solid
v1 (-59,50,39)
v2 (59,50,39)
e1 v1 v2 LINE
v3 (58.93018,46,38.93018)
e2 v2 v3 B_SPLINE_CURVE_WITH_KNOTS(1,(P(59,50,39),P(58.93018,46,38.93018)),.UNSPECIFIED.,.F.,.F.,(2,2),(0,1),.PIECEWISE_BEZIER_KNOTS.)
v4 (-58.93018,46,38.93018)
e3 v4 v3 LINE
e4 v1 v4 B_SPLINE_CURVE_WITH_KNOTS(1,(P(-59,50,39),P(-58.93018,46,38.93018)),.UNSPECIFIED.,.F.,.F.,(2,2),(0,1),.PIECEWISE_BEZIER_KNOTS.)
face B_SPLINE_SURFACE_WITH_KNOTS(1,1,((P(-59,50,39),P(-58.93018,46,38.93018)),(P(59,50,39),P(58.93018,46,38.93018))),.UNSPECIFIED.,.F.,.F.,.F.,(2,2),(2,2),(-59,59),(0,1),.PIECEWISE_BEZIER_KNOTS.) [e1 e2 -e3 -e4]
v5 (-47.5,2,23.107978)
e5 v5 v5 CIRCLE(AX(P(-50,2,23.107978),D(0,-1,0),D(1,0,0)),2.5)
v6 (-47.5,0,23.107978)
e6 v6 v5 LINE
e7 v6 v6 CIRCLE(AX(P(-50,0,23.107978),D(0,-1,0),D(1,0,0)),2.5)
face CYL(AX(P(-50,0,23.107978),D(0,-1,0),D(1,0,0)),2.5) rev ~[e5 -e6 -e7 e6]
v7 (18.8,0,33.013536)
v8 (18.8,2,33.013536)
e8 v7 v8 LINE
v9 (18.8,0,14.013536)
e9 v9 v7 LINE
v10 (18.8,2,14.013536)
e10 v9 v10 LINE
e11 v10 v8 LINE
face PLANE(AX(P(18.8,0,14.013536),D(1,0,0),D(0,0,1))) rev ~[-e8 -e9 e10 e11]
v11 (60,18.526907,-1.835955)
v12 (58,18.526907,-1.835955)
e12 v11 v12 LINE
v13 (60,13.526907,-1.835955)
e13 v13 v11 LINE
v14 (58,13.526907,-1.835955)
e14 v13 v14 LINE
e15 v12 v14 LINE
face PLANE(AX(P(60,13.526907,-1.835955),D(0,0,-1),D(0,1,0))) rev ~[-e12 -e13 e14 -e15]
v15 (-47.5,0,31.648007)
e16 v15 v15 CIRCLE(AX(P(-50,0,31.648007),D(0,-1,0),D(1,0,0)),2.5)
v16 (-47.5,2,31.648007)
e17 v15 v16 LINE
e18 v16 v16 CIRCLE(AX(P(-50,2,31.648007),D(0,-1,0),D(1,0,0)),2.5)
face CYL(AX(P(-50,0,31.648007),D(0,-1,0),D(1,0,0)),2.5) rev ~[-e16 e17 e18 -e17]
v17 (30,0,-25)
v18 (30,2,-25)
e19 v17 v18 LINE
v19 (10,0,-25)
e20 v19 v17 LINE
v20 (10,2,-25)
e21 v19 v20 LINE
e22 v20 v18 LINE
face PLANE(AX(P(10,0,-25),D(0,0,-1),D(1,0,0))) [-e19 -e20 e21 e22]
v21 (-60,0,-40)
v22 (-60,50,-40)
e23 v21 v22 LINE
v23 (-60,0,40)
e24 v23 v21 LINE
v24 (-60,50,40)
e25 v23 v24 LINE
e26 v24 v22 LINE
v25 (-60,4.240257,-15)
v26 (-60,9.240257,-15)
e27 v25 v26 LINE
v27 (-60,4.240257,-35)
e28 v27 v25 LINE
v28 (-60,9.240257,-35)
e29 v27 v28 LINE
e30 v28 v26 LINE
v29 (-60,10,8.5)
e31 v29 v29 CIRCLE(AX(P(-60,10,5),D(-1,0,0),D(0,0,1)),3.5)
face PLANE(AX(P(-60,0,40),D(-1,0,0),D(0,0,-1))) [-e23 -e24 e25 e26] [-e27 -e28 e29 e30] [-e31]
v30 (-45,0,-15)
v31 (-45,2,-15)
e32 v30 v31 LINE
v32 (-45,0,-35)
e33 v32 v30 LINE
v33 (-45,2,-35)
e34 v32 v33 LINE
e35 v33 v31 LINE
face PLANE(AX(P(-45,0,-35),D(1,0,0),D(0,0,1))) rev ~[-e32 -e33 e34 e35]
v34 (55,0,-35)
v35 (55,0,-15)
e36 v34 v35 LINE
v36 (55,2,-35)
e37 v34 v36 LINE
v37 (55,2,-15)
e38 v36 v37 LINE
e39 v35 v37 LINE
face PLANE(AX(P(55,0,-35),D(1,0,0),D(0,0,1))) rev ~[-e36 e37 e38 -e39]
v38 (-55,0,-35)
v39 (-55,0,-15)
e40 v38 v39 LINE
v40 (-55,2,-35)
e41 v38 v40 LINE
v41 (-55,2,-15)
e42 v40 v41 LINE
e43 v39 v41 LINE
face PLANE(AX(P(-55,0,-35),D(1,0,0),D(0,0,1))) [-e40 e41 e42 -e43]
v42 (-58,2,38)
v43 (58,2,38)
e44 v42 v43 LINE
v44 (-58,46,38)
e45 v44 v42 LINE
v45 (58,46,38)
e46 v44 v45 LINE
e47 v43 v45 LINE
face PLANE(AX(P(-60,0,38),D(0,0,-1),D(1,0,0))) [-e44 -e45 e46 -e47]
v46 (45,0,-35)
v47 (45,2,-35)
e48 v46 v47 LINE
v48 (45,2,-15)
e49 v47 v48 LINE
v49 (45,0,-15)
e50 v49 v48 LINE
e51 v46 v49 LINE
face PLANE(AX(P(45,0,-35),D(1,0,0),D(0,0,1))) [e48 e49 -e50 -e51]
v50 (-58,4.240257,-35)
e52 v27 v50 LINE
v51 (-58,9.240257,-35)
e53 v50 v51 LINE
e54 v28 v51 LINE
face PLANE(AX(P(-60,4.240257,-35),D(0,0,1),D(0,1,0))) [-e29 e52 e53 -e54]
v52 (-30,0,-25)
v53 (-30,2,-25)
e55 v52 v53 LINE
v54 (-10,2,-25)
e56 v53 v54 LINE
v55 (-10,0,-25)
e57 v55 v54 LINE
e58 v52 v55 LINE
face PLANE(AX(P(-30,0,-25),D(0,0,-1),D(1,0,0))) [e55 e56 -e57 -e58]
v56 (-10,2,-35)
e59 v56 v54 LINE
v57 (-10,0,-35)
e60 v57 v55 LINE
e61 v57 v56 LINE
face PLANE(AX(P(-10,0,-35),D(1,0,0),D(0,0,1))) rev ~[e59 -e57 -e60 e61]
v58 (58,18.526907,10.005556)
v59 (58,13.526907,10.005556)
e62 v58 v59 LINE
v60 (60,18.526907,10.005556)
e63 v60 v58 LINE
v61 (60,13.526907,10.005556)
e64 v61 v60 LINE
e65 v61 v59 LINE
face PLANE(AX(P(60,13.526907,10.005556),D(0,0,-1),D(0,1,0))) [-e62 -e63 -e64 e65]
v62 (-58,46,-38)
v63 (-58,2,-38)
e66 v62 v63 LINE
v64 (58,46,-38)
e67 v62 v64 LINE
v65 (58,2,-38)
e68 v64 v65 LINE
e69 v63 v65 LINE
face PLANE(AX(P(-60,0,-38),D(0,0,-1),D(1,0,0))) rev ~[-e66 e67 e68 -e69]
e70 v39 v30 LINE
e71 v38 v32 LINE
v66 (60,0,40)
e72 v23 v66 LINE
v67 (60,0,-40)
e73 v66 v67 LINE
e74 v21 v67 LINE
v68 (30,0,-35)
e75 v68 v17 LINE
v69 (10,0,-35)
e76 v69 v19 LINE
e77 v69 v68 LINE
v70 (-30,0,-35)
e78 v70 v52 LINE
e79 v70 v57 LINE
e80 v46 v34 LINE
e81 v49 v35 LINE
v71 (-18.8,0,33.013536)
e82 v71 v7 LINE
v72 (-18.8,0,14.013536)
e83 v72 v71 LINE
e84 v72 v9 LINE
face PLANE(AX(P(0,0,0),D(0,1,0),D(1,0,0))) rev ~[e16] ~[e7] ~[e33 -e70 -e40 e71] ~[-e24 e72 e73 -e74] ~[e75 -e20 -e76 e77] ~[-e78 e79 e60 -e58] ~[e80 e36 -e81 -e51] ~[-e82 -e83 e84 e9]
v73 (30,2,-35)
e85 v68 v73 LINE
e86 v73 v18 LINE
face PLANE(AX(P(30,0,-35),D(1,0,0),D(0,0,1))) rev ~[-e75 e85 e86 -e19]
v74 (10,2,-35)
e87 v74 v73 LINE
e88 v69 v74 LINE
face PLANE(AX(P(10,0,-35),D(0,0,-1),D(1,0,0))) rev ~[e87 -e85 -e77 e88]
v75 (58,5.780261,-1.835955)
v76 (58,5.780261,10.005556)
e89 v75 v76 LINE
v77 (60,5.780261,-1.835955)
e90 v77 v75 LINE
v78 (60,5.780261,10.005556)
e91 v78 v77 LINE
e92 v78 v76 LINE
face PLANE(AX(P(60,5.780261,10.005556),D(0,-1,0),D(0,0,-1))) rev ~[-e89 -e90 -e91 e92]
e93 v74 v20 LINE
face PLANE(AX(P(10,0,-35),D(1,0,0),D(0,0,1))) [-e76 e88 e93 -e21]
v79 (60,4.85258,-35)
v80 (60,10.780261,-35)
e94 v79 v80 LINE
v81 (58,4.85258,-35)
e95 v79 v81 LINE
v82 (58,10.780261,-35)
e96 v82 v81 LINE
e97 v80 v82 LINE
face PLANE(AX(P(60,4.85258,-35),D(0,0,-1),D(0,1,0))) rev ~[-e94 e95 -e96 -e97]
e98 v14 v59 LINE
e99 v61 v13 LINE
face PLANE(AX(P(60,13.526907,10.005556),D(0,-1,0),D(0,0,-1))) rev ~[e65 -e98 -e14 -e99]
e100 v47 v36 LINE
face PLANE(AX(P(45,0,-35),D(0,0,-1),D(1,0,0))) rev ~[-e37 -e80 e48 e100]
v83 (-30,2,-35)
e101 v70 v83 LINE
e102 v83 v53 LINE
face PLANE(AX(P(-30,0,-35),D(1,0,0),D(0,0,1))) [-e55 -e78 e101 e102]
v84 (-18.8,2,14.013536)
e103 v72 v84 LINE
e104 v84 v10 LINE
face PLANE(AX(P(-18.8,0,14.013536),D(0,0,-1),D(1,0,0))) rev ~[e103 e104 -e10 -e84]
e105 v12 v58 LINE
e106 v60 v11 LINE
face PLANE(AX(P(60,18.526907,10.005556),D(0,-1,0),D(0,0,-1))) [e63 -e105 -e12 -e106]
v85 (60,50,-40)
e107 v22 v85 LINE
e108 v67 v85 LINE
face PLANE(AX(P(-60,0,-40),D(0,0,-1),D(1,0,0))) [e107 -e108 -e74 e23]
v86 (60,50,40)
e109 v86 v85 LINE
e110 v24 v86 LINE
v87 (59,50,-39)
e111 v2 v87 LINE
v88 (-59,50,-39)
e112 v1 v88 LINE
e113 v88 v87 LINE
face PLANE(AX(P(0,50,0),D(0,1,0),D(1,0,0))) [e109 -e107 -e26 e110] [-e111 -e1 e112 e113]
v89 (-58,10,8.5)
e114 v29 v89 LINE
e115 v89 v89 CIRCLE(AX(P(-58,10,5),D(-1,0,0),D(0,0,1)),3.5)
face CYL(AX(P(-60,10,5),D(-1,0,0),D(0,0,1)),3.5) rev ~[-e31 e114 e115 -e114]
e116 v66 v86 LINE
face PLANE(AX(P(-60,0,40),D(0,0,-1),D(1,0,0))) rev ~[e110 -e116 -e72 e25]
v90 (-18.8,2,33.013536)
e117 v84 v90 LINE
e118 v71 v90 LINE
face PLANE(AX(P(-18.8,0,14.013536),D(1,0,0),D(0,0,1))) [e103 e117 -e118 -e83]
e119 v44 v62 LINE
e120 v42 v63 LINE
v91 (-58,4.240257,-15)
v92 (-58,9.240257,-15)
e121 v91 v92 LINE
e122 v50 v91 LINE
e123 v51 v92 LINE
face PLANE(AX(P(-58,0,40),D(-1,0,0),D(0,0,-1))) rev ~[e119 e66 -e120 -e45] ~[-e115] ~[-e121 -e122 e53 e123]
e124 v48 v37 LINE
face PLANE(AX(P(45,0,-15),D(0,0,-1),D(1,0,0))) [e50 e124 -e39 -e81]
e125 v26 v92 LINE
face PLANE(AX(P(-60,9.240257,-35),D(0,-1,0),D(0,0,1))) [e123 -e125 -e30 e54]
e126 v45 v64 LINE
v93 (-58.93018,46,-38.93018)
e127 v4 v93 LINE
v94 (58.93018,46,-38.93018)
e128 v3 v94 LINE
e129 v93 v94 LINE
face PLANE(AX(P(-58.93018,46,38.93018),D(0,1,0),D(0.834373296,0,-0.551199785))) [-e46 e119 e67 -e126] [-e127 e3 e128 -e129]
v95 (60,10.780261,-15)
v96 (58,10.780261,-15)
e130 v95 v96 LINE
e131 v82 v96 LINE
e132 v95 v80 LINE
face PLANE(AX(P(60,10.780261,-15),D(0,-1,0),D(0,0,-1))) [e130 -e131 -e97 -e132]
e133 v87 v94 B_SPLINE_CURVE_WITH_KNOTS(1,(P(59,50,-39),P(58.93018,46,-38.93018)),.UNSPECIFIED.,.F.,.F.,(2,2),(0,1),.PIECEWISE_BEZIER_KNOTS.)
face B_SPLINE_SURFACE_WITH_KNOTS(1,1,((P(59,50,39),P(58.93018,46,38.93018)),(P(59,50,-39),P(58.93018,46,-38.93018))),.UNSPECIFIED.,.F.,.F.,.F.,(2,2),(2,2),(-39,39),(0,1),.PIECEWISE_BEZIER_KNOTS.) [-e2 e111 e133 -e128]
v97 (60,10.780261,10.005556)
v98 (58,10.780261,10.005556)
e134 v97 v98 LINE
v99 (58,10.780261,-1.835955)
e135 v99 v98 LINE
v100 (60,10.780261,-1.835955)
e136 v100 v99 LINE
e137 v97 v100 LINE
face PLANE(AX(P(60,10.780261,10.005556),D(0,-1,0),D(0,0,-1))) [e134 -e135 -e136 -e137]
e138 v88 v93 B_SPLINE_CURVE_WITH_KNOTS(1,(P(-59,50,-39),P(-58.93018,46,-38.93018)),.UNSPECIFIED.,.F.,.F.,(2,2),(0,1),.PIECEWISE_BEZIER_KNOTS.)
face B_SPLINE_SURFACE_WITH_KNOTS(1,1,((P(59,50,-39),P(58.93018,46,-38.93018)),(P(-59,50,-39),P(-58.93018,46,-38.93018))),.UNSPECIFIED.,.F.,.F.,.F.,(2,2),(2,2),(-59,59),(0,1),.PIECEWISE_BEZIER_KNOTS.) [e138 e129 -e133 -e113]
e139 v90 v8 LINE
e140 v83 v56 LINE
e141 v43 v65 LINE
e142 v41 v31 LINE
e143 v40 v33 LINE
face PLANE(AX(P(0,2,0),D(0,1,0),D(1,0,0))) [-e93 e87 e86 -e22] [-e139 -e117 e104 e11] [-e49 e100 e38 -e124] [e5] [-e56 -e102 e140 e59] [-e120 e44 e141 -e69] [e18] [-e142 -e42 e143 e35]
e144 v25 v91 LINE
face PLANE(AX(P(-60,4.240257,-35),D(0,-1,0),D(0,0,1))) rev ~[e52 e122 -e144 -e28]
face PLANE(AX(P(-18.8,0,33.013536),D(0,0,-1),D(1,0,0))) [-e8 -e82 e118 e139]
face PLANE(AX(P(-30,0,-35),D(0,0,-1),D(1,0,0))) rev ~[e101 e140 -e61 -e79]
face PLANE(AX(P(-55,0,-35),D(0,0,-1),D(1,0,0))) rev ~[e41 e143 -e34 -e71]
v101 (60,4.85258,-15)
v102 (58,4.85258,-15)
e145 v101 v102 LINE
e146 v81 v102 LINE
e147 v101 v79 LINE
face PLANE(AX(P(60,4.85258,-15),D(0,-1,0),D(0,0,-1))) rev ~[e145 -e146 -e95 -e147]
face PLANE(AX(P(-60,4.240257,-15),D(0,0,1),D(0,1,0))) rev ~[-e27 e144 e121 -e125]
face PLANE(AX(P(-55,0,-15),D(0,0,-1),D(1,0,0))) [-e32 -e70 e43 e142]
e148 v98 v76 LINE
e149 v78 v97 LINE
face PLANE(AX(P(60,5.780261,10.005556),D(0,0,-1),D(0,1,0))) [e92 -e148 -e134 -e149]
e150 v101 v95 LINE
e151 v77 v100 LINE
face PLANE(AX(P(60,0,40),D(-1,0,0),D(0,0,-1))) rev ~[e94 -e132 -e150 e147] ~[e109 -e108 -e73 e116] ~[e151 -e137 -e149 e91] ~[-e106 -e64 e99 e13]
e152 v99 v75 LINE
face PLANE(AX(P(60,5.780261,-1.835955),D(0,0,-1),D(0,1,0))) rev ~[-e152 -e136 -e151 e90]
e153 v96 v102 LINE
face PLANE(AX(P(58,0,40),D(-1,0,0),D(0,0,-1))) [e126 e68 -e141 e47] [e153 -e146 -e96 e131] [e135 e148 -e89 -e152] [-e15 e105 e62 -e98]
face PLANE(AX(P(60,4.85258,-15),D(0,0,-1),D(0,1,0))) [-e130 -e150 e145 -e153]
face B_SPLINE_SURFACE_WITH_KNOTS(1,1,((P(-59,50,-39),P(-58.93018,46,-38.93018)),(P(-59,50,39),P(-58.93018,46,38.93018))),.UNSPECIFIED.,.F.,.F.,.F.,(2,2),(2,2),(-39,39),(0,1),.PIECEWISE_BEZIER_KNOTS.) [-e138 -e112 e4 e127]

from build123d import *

# Parameters (mm, degrees)
SKETCH1_W           = 120
SKETCH1_H           = 80
BOSS_EXTRUDE1_DEPTH = 50
SHELL1_T            = -2
SKETCH3_R           = 2.5
SKETCH3_W           = 37.6
SKETCH3_H           = 19
SKETCH3_W_2         = 10
SKETCH3_H_2         = 20
SKETCH3_W_3         = 20
SKETCH3_H_3         = 10
CUT_EXTRUDE1_DEPTH  = 2
SKETCH4_R           = 3.5
SKETCH4_W           = 20
SKETCH4_H           = 5
CUT_EXTRUDE2_DEPTH  = 2
SKETCH5_W           = 118
SKETCH5_H           = 78
CUT_EXTRUDE3_DEPTH  = 4
CUT_EXTRUDE3_TAPER  = 1
SKETCH6_W           = 11.841510552
SKETCH6_H           = 5
SKETCH6_W_2         = 20
SKETCH6_H_2         = 5.927680675
CUT_EXTRUDE4_DEPTH  = 4


with BuildPart() as part:
    # Sketch1 → Boss-Extrude1 (new body)
    with BuildSketch(Plane(origin=(0, 0, 0), x_dir=(1, 0, 0), z_dir=(0, 1, 0))):
        Rectangle(SKETCH1_W, SKETCH1_H)
    extrude(amount=BOSS_EXTRUDE1_DEPTH)

    # Shell1
    shell1_openings = [part.faces().sort_by_distance(p)[0] for p in [
        (0, 50, 0),
    ]]
    offset(amount=SHELL1_T, openings=shell1_openings, kind=Kind.INTERSECTION)

    # Sketch3 → Cut-Extrude1 (cut)
    with BuildSketch(Plane.XZ):
        with Locations((-50, 31.648007145)):
            Circle(SKETCH3_R)
        with Locations((-50, 23.107977616)):
            Circle(SKETCH3_R)
        with Locations((0, 23.513536142)):
            Rectangle(SKETCH3_W, SKETCH3_H)
        with Locations((-50, -25)):
            Rectangle(SKETCH3_W_2, SKETCH3_H_2)
        with Locations((20, -30)):
            Rectangle(SKETCH3_W_3, SKETCH3_H_3)
        with Locations((-20, -30)):
            Rectangle(SKETCH3_W_3, SKETCH3_H_3)
        with Locations((50, -25)):
            Rectangle(SKETCH3_W_2, SKETCH3_H_2)
    extrude(amount=-CUT_EXTRUDE1_DEPTH, mode=Mode.SUBTRACT)

    # Sketch4 → Cut-Extrude2 (cut)
    with BuildSketch(Plane.ZY.offset(60)):
        with Locations((5, 10)):
            Circle(SKETCH4_R)
        with Locations((-25, 6.740257278)):
            Rectangle(SKETCH4_W, SKETCH4_H)
    extrude(amount=-CUT_EXTRUDE2_DEPTH, mode=Mode.SUBTRACT)

    # Sketch5 → Cut-Extrude3 (cut)
    with BuildSketch(Plane(origin=(0, 50, 0), x_dir=(1, 0, 0), z_dir=(0, 1, 0))):
        Rectangle(SKETCH5_W, SKETCH5_H)
    extrude(amount=-CUT_EXTRUDE3_DEPTH, taper=CUT_EXTRUDE3_TAPER, mode=Mode.SUBTRACT)

    # Sketch6 → Cut-Extrude4 (cut)
    with BuildSketch(Plane(origin=(60, 0, 0), x_dir=(0, 0, -1), z_dir=(1, 0, 0))):
        with Locations((-4.084800513, 8.280260813)):
            Rectangle(SKETCH6_W, SKETCH6_H)
        with Locations((-4.084800513, 16.026907298)):
            Rectangle(SKETCH6_W, SKETCH6_H)
        with Locations((25, 7.816420476)):
            Rectangle(SKETCH6_W_2, SKETCH6_H_2)
    extrude(amount=-CUT_EXTRUDE4_DEPTH, mode=Mode.SUBTRACT)


solid = part.part
